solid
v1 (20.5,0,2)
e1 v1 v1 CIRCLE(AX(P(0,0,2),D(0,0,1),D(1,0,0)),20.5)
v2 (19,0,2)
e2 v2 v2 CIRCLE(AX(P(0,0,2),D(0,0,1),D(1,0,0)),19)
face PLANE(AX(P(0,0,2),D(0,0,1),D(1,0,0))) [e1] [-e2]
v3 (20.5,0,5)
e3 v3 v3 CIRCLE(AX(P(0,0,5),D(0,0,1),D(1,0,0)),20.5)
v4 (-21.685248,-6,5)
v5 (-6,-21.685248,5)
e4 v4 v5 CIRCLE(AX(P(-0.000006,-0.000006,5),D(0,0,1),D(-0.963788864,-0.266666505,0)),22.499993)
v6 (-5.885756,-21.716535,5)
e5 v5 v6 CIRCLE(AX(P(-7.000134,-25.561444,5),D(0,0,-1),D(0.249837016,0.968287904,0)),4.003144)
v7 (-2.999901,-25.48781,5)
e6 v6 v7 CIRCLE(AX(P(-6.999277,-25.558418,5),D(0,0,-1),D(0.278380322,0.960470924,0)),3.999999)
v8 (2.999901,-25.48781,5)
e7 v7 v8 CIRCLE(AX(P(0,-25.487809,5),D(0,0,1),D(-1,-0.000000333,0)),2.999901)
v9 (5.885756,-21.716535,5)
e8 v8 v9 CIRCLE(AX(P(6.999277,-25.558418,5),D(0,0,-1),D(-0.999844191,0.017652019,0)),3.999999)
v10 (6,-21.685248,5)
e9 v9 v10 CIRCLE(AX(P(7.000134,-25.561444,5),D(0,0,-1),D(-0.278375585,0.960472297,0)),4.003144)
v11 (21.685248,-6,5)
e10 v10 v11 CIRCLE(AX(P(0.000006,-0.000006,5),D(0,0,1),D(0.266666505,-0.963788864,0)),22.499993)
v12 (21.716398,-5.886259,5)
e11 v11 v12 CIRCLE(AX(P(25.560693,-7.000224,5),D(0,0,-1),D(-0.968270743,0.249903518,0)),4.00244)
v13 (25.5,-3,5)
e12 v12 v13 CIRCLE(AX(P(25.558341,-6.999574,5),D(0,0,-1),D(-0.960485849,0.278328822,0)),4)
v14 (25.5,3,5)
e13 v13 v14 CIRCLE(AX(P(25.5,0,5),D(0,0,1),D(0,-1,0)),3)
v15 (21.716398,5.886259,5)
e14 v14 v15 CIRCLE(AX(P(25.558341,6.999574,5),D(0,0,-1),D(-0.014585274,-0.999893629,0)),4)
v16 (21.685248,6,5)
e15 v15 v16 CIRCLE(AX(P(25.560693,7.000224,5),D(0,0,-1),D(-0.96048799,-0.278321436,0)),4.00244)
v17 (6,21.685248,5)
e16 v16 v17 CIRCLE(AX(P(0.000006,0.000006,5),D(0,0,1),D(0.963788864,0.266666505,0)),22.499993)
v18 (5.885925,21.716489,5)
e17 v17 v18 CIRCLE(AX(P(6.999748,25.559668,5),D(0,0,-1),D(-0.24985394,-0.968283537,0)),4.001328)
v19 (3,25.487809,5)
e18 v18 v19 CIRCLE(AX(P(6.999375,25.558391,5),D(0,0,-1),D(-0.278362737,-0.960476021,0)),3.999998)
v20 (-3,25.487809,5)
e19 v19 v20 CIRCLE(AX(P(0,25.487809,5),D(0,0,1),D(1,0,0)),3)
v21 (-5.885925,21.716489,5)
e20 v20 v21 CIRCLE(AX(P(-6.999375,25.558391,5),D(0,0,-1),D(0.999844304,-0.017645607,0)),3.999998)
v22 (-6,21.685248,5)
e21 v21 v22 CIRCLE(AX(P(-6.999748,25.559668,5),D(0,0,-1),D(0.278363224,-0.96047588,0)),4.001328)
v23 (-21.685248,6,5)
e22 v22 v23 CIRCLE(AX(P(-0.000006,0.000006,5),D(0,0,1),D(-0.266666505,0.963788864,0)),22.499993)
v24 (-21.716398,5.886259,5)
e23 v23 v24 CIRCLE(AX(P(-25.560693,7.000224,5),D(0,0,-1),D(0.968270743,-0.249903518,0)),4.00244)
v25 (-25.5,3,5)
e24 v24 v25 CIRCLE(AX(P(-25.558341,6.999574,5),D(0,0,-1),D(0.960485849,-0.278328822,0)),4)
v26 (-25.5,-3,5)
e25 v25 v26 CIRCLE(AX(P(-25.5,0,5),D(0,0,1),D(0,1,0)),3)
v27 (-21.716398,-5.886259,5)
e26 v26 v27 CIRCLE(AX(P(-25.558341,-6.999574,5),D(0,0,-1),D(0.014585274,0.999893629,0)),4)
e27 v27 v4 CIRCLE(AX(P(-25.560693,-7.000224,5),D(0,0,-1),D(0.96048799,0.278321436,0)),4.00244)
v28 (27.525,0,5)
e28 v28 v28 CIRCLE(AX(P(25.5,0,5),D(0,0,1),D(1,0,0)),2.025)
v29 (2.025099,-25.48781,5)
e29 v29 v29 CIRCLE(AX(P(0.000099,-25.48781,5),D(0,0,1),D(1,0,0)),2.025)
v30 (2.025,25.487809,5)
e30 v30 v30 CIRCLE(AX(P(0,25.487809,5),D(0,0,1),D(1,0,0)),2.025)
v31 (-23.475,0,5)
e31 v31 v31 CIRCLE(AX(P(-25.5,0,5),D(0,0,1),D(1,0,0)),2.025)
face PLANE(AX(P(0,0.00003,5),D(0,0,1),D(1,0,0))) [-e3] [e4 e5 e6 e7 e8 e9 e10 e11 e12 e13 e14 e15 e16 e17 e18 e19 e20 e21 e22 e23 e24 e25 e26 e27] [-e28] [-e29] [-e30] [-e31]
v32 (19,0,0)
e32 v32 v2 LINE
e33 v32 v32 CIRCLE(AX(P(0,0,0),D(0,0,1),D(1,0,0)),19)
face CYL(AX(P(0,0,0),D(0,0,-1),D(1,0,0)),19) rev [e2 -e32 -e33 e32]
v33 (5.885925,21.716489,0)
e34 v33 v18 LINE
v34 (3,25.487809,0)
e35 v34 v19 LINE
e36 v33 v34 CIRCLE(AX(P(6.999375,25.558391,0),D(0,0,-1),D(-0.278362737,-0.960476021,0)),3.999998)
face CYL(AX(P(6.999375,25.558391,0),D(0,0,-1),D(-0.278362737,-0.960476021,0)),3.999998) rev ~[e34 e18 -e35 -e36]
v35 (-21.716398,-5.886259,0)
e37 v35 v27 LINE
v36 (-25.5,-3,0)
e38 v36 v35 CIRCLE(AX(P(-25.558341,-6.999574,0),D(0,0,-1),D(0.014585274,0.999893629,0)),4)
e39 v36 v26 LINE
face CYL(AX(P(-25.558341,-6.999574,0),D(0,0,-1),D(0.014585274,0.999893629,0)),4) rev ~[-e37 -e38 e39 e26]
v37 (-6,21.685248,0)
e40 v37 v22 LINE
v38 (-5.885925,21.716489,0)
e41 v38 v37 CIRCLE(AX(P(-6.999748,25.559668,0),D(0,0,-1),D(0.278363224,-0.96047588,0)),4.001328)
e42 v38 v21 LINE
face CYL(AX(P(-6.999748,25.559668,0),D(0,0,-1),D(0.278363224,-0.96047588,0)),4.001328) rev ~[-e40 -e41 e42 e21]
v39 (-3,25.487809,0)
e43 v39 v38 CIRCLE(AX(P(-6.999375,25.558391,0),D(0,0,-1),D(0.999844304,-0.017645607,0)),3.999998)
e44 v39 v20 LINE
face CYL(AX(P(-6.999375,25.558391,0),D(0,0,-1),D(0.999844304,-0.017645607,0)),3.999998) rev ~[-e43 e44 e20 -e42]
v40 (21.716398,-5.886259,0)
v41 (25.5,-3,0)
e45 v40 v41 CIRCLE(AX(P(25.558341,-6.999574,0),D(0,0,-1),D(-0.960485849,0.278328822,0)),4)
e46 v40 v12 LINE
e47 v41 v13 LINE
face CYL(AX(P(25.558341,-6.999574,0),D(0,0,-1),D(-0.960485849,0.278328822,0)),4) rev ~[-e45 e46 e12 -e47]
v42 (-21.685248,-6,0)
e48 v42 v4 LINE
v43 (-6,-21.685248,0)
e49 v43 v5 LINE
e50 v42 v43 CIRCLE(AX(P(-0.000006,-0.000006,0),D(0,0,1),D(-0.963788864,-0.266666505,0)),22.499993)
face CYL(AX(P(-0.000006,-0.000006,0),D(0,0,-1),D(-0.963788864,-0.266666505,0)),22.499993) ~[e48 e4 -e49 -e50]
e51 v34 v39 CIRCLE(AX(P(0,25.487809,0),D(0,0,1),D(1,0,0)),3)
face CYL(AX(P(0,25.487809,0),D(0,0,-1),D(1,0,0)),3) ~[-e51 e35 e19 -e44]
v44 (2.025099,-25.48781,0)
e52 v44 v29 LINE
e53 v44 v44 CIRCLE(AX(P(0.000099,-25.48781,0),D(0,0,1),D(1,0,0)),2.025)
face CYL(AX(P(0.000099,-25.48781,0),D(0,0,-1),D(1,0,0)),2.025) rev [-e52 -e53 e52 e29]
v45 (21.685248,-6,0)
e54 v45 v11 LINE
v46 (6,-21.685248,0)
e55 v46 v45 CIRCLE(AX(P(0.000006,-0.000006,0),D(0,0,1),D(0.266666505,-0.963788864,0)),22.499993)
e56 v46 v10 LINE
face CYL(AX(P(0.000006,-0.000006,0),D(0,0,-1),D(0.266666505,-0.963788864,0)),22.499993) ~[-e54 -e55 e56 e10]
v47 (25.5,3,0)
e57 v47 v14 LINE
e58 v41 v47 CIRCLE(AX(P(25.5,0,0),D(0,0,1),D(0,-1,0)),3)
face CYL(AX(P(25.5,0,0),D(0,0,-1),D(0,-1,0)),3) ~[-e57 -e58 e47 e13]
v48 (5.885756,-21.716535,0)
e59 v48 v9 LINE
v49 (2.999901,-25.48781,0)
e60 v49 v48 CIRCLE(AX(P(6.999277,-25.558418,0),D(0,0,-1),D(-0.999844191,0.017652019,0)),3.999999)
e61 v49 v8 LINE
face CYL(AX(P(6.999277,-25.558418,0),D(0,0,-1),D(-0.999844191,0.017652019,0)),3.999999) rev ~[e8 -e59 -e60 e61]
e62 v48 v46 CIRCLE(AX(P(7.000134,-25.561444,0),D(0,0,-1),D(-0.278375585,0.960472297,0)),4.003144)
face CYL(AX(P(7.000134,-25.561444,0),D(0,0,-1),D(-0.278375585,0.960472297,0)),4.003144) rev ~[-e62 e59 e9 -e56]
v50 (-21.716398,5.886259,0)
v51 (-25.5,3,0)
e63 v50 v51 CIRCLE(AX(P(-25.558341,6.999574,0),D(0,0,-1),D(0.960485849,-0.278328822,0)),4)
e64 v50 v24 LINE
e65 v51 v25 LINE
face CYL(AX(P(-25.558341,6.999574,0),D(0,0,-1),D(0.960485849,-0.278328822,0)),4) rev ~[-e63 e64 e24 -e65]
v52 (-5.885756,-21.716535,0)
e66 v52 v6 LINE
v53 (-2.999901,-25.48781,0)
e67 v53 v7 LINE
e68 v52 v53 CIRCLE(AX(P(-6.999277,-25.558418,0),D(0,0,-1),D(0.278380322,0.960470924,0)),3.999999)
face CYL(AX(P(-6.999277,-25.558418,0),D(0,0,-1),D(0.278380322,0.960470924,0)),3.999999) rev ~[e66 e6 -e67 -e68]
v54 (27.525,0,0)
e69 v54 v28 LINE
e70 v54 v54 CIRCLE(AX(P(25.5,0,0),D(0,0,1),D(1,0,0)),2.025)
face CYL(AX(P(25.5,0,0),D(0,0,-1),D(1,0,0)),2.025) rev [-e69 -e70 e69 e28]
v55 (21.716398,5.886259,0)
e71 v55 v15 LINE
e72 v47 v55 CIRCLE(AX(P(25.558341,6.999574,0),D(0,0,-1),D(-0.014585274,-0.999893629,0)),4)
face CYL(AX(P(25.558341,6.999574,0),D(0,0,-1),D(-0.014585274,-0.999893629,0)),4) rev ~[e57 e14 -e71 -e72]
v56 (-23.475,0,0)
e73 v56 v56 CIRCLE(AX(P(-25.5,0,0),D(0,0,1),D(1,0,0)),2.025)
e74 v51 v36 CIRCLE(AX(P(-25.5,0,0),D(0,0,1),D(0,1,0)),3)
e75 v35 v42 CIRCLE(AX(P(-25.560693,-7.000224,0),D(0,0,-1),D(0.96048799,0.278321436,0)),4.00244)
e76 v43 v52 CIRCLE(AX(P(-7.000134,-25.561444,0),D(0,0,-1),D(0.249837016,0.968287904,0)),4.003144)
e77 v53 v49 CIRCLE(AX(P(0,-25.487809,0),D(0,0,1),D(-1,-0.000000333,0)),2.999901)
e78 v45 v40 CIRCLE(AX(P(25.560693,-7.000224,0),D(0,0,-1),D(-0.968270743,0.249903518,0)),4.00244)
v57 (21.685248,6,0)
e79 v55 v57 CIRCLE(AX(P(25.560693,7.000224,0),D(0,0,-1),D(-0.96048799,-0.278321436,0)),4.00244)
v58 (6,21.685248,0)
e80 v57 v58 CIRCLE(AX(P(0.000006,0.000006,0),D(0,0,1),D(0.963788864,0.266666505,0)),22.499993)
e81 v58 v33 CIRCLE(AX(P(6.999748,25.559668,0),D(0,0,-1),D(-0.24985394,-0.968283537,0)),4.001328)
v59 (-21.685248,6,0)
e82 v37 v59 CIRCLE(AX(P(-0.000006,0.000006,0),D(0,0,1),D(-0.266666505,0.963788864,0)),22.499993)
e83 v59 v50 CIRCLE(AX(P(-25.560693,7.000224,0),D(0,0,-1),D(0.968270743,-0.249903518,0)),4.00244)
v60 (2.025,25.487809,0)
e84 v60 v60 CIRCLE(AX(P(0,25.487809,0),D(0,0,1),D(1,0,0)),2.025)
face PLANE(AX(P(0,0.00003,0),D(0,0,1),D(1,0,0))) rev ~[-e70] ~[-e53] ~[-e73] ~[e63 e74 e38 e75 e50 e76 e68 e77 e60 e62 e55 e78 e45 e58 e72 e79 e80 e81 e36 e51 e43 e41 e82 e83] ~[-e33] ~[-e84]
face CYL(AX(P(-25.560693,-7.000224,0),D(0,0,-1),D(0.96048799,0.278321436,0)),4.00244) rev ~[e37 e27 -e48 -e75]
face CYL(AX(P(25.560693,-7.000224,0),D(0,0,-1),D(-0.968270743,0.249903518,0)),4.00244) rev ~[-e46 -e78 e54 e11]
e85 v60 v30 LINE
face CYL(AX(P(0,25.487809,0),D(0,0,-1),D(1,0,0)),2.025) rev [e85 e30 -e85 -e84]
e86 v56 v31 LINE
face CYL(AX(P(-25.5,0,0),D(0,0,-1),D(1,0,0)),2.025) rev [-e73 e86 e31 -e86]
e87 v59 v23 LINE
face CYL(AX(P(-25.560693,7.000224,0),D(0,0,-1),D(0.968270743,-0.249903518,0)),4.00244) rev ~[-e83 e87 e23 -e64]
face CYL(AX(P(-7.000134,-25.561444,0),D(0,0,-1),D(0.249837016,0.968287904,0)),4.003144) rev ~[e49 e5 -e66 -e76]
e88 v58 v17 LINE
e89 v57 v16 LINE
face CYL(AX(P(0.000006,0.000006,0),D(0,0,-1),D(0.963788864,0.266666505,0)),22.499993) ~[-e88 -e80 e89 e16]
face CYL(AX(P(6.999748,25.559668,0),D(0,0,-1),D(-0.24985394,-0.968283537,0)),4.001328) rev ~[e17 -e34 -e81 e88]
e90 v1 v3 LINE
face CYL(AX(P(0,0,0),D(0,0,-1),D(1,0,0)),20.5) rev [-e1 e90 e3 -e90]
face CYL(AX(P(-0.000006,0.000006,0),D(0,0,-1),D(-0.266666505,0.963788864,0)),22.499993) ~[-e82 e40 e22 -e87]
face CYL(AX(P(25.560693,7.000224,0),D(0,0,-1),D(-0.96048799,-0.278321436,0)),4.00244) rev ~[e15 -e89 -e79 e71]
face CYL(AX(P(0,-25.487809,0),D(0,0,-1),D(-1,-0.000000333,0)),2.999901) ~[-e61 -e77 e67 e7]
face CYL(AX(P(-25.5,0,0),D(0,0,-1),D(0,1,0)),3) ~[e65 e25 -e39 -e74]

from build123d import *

# Parameters (mm, degrees)
F0_R     = 20.5
F0_R_2   = 19
F1_DEPTH = 2
F0_R_3   = 2.025
F2_DEPTH = 5


with BuildPart() as f1:
    # F0 (on Top) → F1 (new body)
    with BuildSketch(Plane.XY):
        Circle(F0_R)
        Circle(F0_R_2, mode=Mode.SUBTRACT)
    extrude(amount=F1_DEPTH)

    # F0 (on Top) → F2 (join)
    with BuildSketch(Plane.XY):
        with BuildLine():
            ThreePointArc((-21.716398, 5.886259), (-23.1323, 3.819272), (-25.5, 3))
            ThreePointArc((-25.5, 3), (-28.5, 0), (-25.5, -3))
            ThreePointArc((-25.5, -3), (-23.1323, -3.819272), (-21.716398, -5.886259))
            ThreePointArc((-21.716398, -5.886259), (-21.700404, -5.943015), (-21.685248, -6))
            ThreePointArc((-21.685248, -6), (-15.909903, -15.909903), (-6, -21.685248))
            ThreePointArc((-6, -21.685248), (-5.942762, -21.700469), (-5.885756, -21.716535))
            ThreePointArc((-5.885756, -21.716535), (-3.822635, -23.127587), (-2.999901, -25.48781))
            ThreePointArc((-2.999901, -25.48781), (0, -28.48771), (2.999901, -25.48781))
            ThreePointArc((2.999901, -25.48781), (3.822635, -23.127587), (5.885756, -21.716535))
            ThreePointArc((5.885756, -21.716535), (5.942762, -21.700469), (6, -21.685248))
            ThreePointArc((6, -21.685248), (15.909903, -15.909903), (21.685248, -6))
            ThreePointArc((21.685248, -6), (21.700404, -5.943015), (21.716398, -5.886259))
            ThreePointArc((21.716398, -5.886259), (23.1323, -3.819272), (25.5, -3))
            ThreePointArc((25.5, -3), (28.5, 0), (25.5, 3))
            ThreePointArc((25.5, 3), (23.1323, 3.819272), (21.716398, 5.886259))
            ThreePointArc((21.716398, 5.886259), (21.700404, 5.943015), (21.685248, 6))
            ThreePointArc((21.685248, 6), (15.909903, 15.909903), (6, 21.685248))
            ThreePointArc((6, 21.685248), (5.942847, 21.700447), (5.885925, 21.716489))
            ThreePointArc((5.885925, 21.716489), (3.822748, 23.127543), (3, 25.487809))
            ThreePointArc((3, 25.487809), (0, 28.487809), (-3, 25.487809))
            ThreePointArc((-3, 25.487809), (-3.822748, 23.127543), (-5.885925, 21.716489))
            ThreePointArc((-5.885925, 21.716489), (-5.942847, 21.700447), (-6, 21.685248))
            ThreePointArc((-6, 21.685248), (-15.909903, 15.909903), (-21.685248, 6))
            ThreePointArc((-21.685248, 6), (-21.700404, 5.943015), (-21.716398, 5.886259))
        make_face()
        with Locations((9.9e-05, -25.48781)):
            Circle(F0_R_3, mode=Mode.SUBTRACT)
        with Locations((-25.5, 0)):
            Circle(F0_R_3, mode=Mode.SUBTRACT)
        Circle(F0_R, mode=Mode.SUBTRACT)
        with Locations((25.5, 0)):
            Circle(F0_R_3, mode=Mode.SUBTRACT)
        with Locations((0, 25.487809)):
            Circle(F0_R_3, mode=Mode.SUBTRACT)
    extrude(amount=F2_DEPTH)


solid = f1.part
